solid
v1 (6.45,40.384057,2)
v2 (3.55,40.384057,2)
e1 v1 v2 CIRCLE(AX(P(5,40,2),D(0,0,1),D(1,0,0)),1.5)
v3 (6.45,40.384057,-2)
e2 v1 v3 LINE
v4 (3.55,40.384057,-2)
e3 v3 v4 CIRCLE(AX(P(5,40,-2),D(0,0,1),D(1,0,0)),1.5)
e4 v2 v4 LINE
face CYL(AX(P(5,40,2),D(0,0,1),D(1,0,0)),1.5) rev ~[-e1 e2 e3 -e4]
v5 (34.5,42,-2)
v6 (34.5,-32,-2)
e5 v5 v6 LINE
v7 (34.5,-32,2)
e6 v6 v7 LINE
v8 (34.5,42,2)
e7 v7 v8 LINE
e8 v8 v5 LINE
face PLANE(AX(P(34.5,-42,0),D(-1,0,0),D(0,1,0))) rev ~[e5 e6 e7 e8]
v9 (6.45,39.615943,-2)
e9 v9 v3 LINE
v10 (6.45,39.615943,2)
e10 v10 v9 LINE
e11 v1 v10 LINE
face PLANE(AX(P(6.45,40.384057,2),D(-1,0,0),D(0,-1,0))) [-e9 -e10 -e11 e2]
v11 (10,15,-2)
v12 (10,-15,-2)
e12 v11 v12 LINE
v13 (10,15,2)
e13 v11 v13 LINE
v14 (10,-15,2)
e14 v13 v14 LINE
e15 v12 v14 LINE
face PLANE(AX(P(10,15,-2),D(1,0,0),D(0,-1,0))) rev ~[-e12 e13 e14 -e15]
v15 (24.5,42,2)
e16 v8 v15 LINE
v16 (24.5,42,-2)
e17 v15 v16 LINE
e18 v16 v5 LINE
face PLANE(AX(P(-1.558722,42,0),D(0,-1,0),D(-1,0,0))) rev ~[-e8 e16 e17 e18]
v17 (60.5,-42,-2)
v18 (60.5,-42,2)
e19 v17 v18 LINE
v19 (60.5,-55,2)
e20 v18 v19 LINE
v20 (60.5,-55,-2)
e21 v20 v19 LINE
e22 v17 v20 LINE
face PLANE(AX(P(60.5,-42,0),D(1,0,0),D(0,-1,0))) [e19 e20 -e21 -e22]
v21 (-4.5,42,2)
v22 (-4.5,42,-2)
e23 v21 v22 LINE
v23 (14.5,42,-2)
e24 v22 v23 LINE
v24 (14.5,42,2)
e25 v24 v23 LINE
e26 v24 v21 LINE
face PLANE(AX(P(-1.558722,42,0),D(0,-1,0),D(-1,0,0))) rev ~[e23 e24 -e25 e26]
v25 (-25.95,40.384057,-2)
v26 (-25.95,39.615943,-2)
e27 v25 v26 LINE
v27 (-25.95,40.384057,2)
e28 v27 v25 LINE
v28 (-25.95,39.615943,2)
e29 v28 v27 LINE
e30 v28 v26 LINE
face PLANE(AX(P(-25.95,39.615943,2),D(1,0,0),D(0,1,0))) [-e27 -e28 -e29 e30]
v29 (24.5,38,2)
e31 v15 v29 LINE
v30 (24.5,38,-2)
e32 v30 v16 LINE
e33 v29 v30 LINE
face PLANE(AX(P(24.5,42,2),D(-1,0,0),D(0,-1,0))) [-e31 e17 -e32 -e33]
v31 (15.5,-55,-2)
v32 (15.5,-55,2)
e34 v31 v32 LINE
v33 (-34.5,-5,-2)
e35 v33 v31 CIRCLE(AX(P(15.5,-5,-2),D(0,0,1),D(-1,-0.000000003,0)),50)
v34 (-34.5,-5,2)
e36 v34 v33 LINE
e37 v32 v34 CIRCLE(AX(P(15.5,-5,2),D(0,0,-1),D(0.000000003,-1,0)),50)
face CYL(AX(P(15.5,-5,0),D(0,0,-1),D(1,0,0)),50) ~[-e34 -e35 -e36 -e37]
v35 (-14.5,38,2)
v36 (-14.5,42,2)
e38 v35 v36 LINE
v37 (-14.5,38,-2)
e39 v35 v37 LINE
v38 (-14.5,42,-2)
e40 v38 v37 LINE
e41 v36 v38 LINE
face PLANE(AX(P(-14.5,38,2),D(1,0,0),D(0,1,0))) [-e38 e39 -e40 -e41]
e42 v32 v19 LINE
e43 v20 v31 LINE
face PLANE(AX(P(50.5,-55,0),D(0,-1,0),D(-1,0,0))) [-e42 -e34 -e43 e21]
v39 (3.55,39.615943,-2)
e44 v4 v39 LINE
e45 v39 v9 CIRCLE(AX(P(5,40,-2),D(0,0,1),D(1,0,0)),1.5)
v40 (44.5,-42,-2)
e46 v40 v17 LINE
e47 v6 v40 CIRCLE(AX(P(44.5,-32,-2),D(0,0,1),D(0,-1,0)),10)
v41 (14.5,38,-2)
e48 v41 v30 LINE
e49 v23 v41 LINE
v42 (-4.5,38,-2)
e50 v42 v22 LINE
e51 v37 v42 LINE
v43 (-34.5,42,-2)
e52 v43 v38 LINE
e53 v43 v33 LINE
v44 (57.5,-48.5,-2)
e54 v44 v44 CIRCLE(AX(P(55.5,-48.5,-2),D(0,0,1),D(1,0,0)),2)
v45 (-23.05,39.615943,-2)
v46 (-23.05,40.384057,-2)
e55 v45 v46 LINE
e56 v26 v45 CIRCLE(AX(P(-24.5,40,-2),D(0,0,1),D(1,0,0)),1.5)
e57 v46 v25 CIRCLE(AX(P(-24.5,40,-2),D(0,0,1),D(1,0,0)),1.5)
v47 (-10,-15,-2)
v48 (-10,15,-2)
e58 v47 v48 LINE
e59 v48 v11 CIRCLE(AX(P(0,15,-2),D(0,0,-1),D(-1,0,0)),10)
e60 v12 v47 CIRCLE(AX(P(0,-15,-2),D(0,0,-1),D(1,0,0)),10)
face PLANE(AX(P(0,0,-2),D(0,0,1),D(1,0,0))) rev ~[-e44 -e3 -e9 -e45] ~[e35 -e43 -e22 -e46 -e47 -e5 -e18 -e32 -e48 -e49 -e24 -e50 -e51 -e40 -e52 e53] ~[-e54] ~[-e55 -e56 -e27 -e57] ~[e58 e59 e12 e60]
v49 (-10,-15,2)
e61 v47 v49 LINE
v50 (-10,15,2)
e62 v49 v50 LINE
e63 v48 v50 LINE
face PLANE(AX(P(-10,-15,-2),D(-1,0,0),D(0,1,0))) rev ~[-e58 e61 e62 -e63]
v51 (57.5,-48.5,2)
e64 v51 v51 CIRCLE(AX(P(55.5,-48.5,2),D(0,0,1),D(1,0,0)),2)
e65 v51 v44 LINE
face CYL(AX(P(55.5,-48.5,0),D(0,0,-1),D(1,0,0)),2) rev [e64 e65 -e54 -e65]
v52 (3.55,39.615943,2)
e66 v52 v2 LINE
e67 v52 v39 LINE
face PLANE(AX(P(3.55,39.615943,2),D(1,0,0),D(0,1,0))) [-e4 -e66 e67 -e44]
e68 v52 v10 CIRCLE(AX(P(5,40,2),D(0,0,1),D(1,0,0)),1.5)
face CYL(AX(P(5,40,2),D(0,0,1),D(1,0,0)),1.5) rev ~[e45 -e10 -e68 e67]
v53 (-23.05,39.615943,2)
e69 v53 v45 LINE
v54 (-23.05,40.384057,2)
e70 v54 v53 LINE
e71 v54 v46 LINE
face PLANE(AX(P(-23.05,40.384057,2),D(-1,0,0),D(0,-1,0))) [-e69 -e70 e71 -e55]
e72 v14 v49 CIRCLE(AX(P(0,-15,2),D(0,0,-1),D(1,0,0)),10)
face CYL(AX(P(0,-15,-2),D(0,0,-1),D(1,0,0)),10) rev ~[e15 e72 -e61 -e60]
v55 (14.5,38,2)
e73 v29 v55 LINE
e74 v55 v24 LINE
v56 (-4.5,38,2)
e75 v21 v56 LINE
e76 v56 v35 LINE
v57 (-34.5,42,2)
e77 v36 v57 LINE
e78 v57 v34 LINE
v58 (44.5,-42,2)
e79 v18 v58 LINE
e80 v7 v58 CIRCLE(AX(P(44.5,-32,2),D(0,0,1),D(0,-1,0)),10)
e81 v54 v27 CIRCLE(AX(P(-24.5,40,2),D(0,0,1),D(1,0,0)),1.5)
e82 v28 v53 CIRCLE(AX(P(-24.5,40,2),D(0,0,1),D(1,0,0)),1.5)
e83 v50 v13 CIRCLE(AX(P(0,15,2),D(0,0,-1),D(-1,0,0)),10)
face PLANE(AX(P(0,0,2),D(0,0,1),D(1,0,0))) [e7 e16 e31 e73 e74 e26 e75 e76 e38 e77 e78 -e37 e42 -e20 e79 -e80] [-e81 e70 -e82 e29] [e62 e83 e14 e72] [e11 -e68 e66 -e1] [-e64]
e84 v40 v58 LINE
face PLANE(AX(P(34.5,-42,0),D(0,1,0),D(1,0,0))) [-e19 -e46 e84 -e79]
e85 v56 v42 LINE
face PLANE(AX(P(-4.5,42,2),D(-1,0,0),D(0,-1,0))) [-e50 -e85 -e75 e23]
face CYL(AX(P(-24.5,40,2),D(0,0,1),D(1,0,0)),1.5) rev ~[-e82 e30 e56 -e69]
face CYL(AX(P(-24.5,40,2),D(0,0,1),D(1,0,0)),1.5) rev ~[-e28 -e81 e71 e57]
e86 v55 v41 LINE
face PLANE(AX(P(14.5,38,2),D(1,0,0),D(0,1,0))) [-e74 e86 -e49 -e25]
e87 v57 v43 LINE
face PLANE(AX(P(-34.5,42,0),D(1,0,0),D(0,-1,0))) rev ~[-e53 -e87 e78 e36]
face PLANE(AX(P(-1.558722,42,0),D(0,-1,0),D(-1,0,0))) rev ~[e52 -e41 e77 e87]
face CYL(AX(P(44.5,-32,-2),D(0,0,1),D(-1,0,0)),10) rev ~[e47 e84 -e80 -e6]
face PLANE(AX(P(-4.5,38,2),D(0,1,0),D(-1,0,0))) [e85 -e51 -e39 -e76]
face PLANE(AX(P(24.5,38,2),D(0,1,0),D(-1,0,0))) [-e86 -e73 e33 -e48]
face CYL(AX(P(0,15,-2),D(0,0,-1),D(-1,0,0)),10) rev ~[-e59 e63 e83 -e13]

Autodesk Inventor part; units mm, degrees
sketch "Эскиз2" plane through (0, 0, 0) normal (0, 0, 1) x (1, 0, 0)
  line L0 (-34.5, -42) -> (34.5, -42)
  line L1 (34.5, -42) -> (34.5, 42)
  line L2 (34.5, 42) -> (-34.5, 42)
  line L3 (-34.5, 42) -> (-34.5, -42)
  line L4 (-34.5, -42) -> (34.5, 42) construction
  line L5 (34.5, -42) -> (-34.5, 42) construction
  line L6 (-34.5, -42) -> (50.5, -42)
  line L7 (50.5, -42) -> (50.5, -55)
  line L8 (50.5, -55) -> (-34.5, -55)
  line L9 (-34.5, -55) -> (-34.5, -42)
  circle A0 centre (15.5, -5) radius 50
  line L10 (60.5, -42) -> (60.5, -55) projected
  line L11 (50.5, -42) -> (60.5, -42) projected
  line L12 (50.5, -55) -> (50.5, -42) projected
  line L13 (60.5, -55) -> (50.5, -55) projected
  line L14 (50.5, -55) -> (60.5, -42) construction
  line L15 (50.5, -42) -> (60.5, -55) construction
  circle A1 centre (55.5, -48.5) radius 2
  circle A2 centre (55.5, -48.5) radius 2.8 projected
  point P0 (0, 0)
  point P1 (34.5, -42)
  point P2 (-34.5, -37)
  point P3 (15.5, -55)
  point P4 (-18.1303, -42)
  point P5 (50.5, -42.7071)
  point P6 (-34.5, -5)
  point P7 (-1.5587, 42)
  point P8 (34.5, 41.2493)
  dimension "d15" = 100
  dimension "d27" = 4
  dimension "d35" = 69
extrude "Выдавливание2" add sketch "Эскиз2" along normal mid plane 4 contours A0 L2 L1 L0 | L0 L6 A0 | L3 L2 A0 | A0 L6 L7 L8 | A0 L2 L1 | L7 L11 L10 L13 | A2
sketch "Эскиз3" plane through (0, 0, 2) normal (0, 0, 1) x (1, 0, 0)
  line L0 (34.5, 42) -> (-34.5, 42) projected
  line L1 (-14.5, 42) -> (-4.5, 42)
  line L2 (-4.5, 42) -> (-4.5, 38)
  line L3 (-4.5, 38) -> (-14.5, 38)
  line L4 (-14.5, 38) -> (-14.5, 42)
  line L5 (14.5, 42) -> (24.5, 42)
  line L6 (24.5, 42) -> (24.5, 38)
  line L7 (24.5, 38) -> (14.5, 38)
  line L8 (14.5, 38) -> (14.5, 42)
  line L9 (-34.5, 42) -> (-34.5, -5) projected
  line L10 (34.5, -42) -> (34.5, 42) projected
  point P0 (0, 0)
  point P1 (-34.5, -37)
  point P2 (-14.5, 40)
  point P3 (24.5, 42)
  point P4 (-4.5, 42)
  point P5 (-34.5, -69)
  dimension "d16" = 10
  dimension "d17" = 4
  dimension "d18" = 20
  dimension "d19" = 10
extrude "Выдавливание3" cut sketch "Эскиз3" against normal up to next
fillet "Сопряжение1" radius 10 1 edges at (34.5, -42, 0)
sketch "Эскиз6" plane through (0, 0, 2) normal (0, 0, 1) x (1, 0, 0)
  line L0 (-25.95, 38) -> (-25.95, 42) projected
  line L1 (-23.05, 42) -> (-23.05, 38) projected
  line L2 (3.55, 38) -> (3.55, 42) projected
  line L3 (6.45, 42) -> (6.45, 38) projected
  line L4 (-25.95, 40) -> (-23.05, 40) construction
  line L5 (3.55, 40) -> (6.45, 40) construction
  circle A0 centre (-24.5, 40) radius 1.5
  circle A1 centre (5, 40) radius 1.5
  point P0 (0, 0)
  point P1 (6.45, 40.3841)
  point P2 (3.55, 40.3841)
  point P3 (3.55, 39.6159)
  point P4 (6.45, 39.6159)
  point P5 (-23.05, 40.3841)
  point P6 (-25.95, 40.3841)
  point P7 (-25.95, 39.6159)
  point P8 (-23.05, 39.6159)
  dimension "d28" = 3
extrude "Выдавливание6" cut sketch "Эскиз6" against normal up to next contours L0 A0 L1 | L2 A1 L3
sketch "Эскиз7" plane through (0, 0, -2) normal (0, 0, -1) x (-1, 0, 0)
  line L0 (0, -15) -> (0, 15) construction
  line L1 (10, -15) -> (10, 15)
  line L2 (-10, 15) -> (-10, -15)
  arc A0 (-10, -15) -> (10, -15) centre (0, -15) ccw
  arc A1 (10, 15) -> (-10, 15) centre (0, 15) ccw
  point P0 (0, 0)
  dimension "d31" = 10
  dimension "d32" = 30
extrude "Выдавливание7" cut sketch "Эскиз7" against normal up to next
properties part number "дополнительное_ребро_жёсткости"
